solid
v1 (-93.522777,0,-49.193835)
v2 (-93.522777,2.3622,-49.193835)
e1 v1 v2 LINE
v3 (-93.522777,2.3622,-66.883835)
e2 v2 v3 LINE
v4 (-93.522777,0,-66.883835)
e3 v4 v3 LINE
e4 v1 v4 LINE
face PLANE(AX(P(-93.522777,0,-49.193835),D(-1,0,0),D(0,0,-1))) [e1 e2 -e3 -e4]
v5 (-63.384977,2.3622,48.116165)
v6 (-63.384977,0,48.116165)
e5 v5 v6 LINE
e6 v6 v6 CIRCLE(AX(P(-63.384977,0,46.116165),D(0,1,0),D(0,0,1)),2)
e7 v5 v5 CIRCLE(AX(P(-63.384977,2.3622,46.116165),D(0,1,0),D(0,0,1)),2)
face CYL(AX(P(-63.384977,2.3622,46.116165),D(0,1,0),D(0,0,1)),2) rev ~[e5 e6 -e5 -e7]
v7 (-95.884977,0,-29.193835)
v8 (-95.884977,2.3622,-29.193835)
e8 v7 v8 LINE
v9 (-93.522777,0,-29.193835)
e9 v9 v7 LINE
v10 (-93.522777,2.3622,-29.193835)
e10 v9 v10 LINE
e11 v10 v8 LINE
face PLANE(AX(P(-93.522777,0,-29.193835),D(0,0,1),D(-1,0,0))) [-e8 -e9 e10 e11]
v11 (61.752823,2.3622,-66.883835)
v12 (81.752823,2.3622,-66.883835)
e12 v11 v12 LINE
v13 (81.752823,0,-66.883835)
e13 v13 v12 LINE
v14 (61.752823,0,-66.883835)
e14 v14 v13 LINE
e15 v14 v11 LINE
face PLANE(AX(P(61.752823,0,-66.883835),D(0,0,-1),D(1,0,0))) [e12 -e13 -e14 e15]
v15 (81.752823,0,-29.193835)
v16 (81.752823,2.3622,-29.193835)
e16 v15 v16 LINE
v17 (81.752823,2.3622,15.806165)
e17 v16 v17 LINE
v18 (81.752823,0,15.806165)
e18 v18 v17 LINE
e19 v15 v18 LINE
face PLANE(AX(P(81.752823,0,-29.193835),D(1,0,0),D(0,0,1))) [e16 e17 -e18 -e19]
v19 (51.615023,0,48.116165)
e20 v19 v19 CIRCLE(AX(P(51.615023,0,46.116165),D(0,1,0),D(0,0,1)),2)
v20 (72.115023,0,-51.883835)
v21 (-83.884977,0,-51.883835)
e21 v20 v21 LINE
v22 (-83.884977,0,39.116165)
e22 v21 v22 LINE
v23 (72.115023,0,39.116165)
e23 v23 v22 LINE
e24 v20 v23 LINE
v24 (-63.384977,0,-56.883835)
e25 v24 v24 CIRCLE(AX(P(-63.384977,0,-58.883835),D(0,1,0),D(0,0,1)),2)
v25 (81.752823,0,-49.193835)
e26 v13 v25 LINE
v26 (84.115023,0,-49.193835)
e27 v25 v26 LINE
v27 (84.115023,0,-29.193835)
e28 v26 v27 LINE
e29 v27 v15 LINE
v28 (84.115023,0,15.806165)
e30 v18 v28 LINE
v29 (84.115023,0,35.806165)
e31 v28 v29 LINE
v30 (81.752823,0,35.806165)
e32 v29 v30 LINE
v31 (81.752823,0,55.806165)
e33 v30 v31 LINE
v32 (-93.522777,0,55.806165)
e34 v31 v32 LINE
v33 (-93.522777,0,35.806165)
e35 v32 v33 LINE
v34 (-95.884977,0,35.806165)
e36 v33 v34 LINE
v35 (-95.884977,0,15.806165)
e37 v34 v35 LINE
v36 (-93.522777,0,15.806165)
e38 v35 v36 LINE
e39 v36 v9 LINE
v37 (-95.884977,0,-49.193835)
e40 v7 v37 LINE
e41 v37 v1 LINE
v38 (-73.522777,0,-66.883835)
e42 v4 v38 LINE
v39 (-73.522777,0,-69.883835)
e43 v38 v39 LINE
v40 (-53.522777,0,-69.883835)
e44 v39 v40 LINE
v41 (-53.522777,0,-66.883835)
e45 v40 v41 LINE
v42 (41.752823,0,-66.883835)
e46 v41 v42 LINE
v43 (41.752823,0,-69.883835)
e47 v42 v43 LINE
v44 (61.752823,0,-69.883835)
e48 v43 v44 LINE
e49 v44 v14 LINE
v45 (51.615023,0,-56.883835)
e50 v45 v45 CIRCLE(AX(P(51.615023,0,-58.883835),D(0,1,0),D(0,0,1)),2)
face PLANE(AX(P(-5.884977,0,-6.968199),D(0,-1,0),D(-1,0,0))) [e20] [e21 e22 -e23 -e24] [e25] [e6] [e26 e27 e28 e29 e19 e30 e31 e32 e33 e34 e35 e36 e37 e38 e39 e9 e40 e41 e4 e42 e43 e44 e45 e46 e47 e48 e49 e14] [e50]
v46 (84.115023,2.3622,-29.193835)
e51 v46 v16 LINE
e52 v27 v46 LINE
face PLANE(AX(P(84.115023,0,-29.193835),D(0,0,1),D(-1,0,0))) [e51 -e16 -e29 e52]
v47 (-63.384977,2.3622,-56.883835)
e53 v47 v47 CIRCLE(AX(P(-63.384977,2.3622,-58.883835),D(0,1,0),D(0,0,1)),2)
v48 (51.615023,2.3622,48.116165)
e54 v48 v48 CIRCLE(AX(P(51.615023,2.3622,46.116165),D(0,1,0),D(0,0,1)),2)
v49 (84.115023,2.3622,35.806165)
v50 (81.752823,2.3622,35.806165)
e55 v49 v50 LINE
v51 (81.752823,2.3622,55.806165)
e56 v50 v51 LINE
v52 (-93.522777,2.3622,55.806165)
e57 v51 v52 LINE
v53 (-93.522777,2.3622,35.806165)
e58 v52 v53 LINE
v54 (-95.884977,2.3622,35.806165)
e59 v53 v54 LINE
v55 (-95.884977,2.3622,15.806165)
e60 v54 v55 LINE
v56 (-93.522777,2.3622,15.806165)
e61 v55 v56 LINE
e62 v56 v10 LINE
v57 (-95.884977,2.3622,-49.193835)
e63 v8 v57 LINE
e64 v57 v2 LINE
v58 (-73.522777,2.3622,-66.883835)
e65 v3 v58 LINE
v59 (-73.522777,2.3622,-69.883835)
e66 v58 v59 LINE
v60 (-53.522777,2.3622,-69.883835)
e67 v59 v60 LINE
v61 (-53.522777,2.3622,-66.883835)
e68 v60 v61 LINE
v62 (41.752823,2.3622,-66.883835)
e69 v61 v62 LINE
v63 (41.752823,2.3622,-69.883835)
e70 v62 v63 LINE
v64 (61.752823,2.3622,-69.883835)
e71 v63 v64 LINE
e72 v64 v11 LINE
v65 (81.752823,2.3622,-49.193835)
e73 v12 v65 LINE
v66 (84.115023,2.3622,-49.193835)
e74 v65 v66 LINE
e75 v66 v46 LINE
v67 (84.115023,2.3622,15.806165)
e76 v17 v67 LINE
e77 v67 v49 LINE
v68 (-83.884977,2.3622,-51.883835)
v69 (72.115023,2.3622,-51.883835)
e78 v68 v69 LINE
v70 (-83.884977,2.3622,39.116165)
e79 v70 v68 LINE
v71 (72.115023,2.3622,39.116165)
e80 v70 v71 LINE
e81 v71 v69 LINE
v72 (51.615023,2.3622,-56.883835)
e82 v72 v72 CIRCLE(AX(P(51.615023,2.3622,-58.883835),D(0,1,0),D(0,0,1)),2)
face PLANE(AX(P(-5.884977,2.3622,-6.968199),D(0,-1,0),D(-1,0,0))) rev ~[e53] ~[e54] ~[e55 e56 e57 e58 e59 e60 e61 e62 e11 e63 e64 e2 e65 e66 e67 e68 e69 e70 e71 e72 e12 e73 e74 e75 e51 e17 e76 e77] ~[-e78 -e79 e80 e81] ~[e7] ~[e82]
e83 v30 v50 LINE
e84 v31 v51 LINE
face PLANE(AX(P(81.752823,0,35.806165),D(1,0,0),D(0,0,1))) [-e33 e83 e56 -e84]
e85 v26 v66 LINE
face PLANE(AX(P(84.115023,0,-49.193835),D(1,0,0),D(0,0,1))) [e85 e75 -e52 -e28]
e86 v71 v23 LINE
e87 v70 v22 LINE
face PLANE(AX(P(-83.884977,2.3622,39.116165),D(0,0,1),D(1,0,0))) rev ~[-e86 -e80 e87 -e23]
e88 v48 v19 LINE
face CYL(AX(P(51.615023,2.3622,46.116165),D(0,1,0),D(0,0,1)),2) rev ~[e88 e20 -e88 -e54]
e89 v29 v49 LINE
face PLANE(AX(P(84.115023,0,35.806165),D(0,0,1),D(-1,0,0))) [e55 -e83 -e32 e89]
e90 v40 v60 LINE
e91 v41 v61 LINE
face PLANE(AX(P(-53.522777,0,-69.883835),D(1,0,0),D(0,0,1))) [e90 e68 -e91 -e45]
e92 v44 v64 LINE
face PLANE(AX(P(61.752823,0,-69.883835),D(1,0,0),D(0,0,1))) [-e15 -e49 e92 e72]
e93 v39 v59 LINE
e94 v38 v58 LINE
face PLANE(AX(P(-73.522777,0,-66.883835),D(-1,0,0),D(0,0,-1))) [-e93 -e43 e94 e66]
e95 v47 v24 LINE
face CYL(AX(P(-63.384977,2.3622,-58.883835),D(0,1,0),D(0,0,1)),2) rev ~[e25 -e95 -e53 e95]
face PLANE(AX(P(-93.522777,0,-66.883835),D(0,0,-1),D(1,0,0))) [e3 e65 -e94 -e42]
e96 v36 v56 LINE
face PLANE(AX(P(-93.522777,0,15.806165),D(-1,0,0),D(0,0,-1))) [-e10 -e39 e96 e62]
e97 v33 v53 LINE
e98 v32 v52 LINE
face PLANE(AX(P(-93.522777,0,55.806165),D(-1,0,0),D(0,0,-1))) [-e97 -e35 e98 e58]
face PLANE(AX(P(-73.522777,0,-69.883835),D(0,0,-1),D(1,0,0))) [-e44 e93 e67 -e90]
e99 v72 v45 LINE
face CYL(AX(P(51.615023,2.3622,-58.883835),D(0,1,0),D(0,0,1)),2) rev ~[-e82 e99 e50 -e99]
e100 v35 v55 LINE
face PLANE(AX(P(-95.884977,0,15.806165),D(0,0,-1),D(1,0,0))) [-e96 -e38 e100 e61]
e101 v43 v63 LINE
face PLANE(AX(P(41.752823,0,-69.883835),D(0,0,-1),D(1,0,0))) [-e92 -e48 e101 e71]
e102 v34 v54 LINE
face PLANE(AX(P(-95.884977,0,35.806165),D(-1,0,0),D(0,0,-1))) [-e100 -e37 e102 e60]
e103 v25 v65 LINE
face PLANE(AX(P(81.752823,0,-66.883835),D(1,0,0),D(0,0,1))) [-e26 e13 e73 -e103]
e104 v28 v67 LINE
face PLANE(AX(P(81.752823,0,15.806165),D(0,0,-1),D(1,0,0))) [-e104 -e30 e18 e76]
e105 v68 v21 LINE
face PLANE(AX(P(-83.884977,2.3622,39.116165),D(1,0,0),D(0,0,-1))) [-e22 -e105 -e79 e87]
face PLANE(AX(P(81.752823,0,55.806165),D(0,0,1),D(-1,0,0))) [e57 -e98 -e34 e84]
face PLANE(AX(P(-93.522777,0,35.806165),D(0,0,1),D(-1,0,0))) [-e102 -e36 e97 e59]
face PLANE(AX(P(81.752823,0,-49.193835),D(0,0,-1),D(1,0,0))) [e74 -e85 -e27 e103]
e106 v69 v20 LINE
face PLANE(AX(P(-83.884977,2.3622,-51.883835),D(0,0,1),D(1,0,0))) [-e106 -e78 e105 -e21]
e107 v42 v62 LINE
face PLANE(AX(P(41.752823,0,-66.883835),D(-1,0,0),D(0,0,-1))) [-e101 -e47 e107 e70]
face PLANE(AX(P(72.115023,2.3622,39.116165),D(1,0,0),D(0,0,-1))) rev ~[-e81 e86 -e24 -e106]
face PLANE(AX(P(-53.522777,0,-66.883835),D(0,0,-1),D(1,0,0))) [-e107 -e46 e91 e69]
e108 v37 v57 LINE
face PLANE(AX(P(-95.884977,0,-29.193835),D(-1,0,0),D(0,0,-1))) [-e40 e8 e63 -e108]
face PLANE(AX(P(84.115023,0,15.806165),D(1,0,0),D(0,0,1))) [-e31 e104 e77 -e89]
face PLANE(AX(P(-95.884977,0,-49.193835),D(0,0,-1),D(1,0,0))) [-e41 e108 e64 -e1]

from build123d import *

# Parameters (mm, degrees)
BOSS_EXTRUDE1_DEPTH = 2.3622
SKETCH2_R           = 2
SKETCH2_W           = 156
SKETCH2_H           = 91
CUT_EXTRUDE1_DEPTH  = 119.672908335


with BuildPart() as part:
    # Sketch1 → Boss-Extrude1 (new body)
    with BuildSketch(Plane(origin=(0, 0, 0), x_dir=(1, 0, 0), z_dir=(0, 1, 0))):
        Polygon((-93.522777066, 66.883834733), (-73.522777066, 66.883834733), (-73.522777066, 69.883834733), (-53.522777066, 69.883834733), (-53.522777066, 66.883834733), (41.752822934, 66.883834733), (41.752822934, 69.883834733), (61.752822934, 69.883834733), (61.752822934, 66.883834733), (81.752822934, 66.883834733), (81.752822934, 49.193834733), (84.115022934, 49.193834733), (84.115022934, 29.193834733), (81.752822934, 29.193834733), (81.752822934, -15.806165267), (84.115022934, -15.806165267), (84.115022934, -35.806165267), (81.752822934, -35.806165267), (81.752822934, -55.806165267), (-93.522777066, -55.806165267), (-93.522777066, -35.806165267), (-95.884977066, -35.806165267), (-95.884977066, -15.806165267), (-93.522777066, -15.806165267), (-93.522777066, 29.193834733), (-95.884977066, 29.193834733), (-95.884977066, 49.193834733), (-93.522777066, 49.193834733), align=None)
    extrude(amount=BOSS_EXTRUDE1_DEPTH)

    # Sketch2 → Cut-Extrude1 (cut, through all)
    with BuildSketch(Plane(origin=(0, 2.3622, 0), x_dir=(1, 0, 0), z_dir=(0, 1, 0))):
        with Locations(Location((-63.384977066, 58.883834733, 0), (0, 0, 270))):
            Circle(SKETCH2_R)
        with Locations(Location((51.615022934, 58.883834733, 0), (0, 0, 270))):
            Circle(SKETCH2_R)
        with Locations(Location((-63.384977066, -46.116165267, 0), (0, 0, 270))):
            Circle(SKETCH2_R)
        with Locations(Location((51.615022934, -46.116165267, 0), (0, 0, 270))):
            Circle(SKETCH2_R)
        with Locations((-5.884977066, 6.383834733)):
            Rectangle(SKETCH2_W, SKETCH2_H)
    extrude(amount=-CUT_EXTRUDE1_DEPTH, mode=Mode.SUBTRACT)


solid = part.part
